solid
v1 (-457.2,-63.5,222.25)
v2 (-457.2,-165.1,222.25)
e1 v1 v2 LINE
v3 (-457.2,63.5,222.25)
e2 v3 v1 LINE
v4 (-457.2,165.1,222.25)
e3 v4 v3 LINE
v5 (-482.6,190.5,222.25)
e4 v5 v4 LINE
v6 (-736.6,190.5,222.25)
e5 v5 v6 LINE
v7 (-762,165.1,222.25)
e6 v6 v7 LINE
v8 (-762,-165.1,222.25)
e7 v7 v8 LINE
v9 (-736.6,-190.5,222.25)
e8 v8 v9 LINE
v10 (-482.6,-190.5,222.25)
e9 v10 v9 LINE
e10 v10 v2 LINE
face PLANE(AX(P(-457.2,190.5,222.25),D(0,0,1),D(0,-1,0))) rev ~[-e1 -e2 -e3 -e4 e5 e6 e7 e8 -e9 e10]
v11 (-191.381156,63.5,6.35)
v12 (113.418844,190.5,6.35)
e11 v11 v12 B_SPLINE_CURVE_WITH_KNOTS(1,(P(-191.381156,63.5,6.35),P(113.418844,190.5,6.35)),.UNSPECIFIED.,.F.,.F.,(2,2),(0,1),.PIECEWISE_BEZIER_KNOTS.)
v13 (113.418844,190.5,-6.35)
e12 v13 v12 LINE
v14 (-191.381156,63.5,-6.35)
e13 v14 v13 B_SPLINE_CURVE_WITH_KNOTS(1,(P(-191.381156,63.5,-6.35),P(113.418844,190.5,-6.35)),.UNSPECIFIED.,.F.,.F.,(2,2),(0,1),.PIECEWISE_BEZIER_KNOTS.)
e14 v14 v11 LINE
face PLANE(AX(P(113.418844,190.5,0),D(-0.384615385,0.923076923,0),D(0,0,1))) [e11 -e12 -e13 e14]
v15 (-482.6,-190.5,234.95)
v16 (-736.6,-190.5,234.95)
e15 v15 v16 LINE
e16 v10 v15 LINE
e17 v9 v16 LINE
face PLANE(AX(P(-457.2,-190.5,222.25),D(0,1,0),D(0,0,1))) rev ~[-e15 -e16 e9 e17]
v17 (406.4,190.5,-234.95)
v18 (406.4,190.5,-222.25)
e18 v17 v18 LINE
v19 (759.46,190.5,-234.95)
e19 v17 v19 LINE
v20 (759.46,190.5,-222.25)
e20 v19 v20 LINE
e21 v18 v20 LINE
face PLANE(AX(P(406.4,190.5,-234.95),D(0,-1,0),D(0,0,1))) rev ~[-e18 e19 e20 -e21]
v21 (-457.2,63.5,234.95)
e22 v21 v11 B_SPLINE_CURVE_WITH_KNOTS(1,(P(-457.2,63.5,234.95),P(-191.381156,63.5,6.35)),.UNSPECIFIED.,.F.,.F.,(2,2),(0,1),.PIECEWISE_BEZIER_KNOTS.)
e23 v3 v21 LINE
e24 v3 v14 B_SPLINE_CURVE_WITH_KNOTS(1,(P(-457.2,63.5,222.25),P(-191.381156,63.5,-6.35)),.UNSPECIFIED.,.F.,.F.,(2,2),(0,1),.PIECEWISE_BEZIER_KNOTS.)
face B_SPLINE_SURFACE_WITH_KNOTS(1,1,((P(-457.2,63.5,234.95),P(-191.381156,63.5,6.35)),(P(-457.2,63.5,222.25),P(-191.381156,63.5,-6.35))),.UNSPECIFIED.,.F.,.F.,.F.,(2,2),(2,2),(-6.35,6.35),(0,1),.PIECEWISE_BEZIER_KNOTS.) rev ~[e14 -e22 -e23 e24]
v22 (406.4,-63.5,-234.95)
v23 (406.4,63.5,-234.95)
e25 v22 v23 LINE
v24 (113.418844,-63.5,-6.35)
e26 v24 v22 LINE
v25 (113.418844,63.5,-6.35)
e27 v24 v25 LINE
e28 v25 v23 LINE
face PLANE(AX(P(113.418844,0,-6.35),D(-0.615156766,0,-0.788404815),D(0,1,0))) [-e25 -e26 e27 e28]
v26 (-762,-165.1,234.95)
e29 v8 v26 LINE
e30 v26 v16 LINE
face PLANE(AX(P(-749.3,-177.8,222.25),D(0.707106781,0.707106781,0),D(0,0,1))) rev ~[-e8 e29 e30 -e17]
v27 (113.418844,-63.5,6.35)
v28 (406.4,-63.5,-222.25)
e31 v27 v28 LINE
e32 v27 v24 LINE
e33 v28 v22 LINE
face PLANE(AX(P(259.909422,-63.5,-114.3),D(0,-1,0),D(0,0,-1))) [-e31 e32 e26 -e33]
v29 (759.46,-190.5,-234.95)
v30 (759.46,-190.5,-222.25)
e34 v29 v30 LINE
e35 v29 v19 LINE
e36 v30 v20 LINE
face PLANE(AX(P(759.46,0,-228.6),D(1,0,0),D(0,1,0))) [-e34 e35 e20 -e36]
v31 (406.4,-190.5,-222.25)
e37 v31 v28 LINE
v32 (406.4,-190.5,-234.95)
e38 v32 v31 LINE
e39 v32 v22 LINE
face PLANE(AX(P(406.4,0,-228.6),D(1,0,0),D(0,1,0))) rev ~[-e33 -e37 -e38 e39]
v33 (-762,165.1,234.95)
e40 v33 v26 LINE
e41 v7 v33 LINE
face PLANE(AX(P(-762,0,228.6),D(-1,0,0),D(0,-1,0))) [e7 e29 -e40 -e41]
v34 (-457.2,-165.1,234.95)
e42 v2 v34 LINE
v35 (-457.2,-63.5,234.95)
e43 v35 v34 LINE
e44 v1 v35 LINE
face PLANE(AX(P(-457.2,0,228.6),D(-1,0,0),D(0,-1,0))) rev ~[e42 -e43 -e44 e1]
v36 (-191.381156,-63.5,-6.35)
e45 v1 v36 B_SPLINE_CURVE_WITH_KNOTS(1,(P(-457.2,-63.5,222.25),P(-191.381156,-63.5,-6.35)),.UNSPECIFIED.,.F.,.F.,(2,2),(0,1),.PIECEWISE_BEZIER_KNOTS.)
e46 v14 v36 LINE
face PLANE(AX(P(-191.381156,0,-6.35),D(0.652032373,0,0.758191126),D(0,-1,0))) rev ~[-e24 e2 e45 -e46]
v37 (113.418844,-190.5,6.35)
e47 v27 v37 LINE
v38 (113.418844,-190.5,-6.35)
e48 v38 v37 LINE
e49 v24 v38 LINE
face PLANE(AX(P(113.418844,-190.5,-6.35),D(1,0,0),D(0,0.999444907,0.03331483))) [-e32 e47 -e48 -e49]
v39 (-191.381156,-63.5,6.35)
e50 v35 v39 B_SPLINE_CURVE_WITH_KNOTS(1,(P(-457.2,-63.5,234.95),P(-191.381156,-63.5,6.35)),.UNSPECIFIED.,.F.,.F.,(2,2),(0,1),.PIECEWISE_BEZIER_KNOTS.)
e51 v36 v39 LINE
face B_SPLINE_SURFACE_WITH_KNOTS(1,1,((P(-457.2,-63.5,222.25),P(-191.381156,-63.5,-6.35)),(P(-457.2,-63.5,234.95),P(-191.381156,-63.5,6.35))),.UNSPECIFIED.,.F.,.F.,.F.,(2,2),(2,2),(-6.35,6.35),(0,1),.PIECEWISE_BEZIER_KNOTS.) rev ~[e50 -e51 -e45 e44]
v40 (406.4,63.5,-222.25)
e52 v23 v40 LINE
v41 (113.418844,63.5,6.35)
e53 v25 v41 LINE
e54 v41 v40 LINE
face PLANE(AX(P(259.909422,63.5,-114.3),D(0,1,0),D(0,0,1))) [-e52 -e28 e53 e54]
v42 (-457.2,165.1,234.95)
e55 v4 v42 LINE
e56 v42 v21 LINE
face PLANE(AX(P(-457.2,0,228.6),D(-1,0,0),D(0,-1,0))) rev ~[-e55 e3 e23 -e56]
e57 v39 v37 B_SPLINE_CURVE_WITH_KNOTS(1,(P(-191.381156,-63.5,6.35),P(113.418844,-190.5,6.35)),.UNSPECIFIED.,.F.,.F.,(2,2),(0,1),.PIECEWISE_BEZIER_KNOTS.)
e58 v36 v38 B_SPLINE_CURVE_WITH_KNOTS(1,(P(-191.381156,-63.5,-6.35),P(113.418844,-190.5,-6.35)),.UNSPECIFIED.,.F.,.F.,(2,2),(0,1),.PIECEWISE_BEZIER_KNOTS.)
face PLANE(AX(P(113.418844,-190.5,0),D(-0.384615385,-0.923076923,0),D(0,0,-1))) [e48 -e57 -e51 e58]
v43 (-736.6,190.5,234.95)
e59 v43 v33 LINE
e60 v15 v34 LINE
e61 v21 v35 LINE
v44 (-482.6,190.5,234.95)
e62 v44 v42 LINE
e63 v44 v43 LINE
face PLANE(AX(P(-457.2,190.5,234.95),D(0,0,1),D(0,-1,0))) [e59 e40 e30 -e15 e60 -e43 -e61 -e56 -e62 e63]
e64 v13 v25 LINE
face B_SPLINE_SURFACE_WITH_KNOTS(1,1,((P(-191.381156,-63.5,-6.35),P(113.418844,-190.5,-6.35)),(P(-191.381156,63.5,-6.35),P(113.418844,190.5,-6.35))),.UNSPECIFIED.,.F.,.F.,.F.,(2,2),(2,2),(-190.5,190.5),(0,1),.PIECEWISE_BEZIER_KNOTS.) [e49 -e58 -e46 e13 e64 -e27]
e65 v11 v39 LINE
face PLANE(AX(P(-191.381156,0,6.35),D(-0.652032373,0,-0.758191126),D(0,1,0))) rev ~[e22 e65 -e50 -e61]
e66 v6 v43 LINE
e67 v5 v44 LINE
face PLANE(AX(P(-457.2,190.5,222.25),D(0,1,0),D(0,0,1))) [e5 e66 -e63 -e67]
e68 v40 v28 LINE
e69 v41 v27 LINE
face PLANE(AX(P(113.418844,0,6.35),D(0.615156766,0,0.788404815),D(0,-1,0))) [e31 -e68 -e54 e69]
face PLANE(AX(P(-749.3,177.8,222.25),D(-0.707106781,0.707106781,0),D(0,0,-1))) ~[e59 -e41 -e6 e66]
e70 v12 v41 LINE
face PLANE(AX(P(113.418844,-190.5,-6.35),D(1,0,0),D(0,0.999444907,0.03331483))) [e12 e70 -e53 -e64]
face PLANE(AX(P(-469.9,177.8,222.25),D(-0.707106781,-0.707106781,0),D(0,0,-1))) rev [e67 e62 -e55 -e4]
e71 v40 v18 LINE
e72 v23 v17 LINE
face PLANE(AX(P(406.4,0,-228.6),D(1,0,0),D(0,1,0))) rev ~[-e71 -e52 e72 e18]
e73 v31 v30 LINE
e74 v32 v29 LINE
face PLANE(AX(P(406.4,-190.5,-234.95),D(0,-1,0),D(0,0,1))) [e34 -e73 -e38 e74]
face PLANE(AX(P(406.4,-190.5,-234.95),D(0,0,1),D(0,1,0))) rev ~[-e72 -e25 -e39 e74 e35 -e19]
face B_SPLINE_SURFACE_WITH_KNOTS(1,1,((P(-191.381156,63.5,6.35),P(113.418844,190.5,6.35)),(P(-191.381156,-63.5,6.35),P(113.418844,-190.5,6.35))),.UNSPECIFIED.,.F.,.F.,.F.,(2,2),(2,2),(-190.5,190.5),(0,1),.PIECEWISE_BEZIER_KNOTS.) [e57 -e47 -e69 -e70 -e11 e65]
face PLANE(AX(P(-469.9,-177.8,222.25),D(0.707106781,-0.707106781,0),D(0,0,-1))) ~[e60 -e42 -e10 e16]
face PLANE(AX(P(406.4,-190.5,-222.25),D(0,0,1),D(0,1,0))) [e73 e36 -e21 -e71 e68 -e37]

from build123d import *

# Parameters (mm, degrees)
F2_W      = 127
F2_H      = 12.7
F4_W      = 127
F4_H      = 12.7
F7_FACE_W = 127
F7_FACE_H = 12.7
F6_W      = 381
F6_H      = 12.7
F9_W      = 381
F9_H      = 12.7
F10_DEPTH = 304.8
F11_SIZE  = 25.4
F13_W     = 127
F13_H     = 12.7
F15_W     = 381
F15_H     = 12.7
F16_DEPTH = 353.06


with BuildPart() as f7:
    # F2 (on line) → F7 section 0
    with BuildSketch(Plane(origin=(-457.2, 0, 0), x_dir=(0, -1, 0), z_dir=(-1, 0, 0))):
        with Locations((0, 228.6)):
            Rectangle(F2_W, F2_H)
    # F4 (on line) → F7 section 1
    with BuildSketch(Plane(origin=(-191.3811564445, 0, 0), x_dir=(0, -1, 0), z_dir=(-1, 0, 0))):
        Rectangle(F4_W, F4_H)
    loft()

    # F7_face (on face) → F8 section 0
    with BuildSketch(Plane.YZ.offset(-191.3811564445)):
        Rectangle(F7_FACE_W, F7_FACE_H)
    # F6 (on line) → F8 section 1
    with BuildSketch(Plane(origin=(113.4188435555, 0, 0), x_dir=(0, -1, 0), z_dir=(-1, 0, 0))):
        Rectangle(F6_W, F6_H)
    loft()

    # F9 (on line) → F10 (join, through all)
    with BuildSketch(Plane(origin=(-457.2, 0, 0), x_dir=(0, -1, 0), z_dir=(-1, 0, 0))):
        with Locations((0, 228.6)):
            Rectangle(F9_W, F9_H)
    extrude(amount=F10_DEPTH)

    # F11
    f11_edges = [f7.edges().sort_by_distance(p)[0] for p in [
        (-457.2, -190.5, 228.6),
        (-762, -190.5, 228.6),
        (-457.2, 190.5, 228.6),
        (-762, 190.5, 228.6),
    ]]
    chamfer(f11_edges, length=F11_SIZE)

    # F14: sweep along a path in F0
    with BuildLine(Plane.XZ) as f14_path:
        Line((113.4188435555, 0), (406.4, -228.6))
    # F13 (on line) → F14 (sweep)
    with BuildSketch(Plane.YZ.offset(406.4)):
        with Locations((0, -228.6)):
            Rectangle(F13_W, F13_H)
    sweep(path=f14_path.line)

    # F15 (on line) → F16 (join)
    with BuildSketch(Plane.YZ.offset(406.4)):
        with Locations((0, -228.6)):
            Rectangle(F15_W, F15_H)
    extrude(amount=F16_DEPTH)


solid = f7.part
